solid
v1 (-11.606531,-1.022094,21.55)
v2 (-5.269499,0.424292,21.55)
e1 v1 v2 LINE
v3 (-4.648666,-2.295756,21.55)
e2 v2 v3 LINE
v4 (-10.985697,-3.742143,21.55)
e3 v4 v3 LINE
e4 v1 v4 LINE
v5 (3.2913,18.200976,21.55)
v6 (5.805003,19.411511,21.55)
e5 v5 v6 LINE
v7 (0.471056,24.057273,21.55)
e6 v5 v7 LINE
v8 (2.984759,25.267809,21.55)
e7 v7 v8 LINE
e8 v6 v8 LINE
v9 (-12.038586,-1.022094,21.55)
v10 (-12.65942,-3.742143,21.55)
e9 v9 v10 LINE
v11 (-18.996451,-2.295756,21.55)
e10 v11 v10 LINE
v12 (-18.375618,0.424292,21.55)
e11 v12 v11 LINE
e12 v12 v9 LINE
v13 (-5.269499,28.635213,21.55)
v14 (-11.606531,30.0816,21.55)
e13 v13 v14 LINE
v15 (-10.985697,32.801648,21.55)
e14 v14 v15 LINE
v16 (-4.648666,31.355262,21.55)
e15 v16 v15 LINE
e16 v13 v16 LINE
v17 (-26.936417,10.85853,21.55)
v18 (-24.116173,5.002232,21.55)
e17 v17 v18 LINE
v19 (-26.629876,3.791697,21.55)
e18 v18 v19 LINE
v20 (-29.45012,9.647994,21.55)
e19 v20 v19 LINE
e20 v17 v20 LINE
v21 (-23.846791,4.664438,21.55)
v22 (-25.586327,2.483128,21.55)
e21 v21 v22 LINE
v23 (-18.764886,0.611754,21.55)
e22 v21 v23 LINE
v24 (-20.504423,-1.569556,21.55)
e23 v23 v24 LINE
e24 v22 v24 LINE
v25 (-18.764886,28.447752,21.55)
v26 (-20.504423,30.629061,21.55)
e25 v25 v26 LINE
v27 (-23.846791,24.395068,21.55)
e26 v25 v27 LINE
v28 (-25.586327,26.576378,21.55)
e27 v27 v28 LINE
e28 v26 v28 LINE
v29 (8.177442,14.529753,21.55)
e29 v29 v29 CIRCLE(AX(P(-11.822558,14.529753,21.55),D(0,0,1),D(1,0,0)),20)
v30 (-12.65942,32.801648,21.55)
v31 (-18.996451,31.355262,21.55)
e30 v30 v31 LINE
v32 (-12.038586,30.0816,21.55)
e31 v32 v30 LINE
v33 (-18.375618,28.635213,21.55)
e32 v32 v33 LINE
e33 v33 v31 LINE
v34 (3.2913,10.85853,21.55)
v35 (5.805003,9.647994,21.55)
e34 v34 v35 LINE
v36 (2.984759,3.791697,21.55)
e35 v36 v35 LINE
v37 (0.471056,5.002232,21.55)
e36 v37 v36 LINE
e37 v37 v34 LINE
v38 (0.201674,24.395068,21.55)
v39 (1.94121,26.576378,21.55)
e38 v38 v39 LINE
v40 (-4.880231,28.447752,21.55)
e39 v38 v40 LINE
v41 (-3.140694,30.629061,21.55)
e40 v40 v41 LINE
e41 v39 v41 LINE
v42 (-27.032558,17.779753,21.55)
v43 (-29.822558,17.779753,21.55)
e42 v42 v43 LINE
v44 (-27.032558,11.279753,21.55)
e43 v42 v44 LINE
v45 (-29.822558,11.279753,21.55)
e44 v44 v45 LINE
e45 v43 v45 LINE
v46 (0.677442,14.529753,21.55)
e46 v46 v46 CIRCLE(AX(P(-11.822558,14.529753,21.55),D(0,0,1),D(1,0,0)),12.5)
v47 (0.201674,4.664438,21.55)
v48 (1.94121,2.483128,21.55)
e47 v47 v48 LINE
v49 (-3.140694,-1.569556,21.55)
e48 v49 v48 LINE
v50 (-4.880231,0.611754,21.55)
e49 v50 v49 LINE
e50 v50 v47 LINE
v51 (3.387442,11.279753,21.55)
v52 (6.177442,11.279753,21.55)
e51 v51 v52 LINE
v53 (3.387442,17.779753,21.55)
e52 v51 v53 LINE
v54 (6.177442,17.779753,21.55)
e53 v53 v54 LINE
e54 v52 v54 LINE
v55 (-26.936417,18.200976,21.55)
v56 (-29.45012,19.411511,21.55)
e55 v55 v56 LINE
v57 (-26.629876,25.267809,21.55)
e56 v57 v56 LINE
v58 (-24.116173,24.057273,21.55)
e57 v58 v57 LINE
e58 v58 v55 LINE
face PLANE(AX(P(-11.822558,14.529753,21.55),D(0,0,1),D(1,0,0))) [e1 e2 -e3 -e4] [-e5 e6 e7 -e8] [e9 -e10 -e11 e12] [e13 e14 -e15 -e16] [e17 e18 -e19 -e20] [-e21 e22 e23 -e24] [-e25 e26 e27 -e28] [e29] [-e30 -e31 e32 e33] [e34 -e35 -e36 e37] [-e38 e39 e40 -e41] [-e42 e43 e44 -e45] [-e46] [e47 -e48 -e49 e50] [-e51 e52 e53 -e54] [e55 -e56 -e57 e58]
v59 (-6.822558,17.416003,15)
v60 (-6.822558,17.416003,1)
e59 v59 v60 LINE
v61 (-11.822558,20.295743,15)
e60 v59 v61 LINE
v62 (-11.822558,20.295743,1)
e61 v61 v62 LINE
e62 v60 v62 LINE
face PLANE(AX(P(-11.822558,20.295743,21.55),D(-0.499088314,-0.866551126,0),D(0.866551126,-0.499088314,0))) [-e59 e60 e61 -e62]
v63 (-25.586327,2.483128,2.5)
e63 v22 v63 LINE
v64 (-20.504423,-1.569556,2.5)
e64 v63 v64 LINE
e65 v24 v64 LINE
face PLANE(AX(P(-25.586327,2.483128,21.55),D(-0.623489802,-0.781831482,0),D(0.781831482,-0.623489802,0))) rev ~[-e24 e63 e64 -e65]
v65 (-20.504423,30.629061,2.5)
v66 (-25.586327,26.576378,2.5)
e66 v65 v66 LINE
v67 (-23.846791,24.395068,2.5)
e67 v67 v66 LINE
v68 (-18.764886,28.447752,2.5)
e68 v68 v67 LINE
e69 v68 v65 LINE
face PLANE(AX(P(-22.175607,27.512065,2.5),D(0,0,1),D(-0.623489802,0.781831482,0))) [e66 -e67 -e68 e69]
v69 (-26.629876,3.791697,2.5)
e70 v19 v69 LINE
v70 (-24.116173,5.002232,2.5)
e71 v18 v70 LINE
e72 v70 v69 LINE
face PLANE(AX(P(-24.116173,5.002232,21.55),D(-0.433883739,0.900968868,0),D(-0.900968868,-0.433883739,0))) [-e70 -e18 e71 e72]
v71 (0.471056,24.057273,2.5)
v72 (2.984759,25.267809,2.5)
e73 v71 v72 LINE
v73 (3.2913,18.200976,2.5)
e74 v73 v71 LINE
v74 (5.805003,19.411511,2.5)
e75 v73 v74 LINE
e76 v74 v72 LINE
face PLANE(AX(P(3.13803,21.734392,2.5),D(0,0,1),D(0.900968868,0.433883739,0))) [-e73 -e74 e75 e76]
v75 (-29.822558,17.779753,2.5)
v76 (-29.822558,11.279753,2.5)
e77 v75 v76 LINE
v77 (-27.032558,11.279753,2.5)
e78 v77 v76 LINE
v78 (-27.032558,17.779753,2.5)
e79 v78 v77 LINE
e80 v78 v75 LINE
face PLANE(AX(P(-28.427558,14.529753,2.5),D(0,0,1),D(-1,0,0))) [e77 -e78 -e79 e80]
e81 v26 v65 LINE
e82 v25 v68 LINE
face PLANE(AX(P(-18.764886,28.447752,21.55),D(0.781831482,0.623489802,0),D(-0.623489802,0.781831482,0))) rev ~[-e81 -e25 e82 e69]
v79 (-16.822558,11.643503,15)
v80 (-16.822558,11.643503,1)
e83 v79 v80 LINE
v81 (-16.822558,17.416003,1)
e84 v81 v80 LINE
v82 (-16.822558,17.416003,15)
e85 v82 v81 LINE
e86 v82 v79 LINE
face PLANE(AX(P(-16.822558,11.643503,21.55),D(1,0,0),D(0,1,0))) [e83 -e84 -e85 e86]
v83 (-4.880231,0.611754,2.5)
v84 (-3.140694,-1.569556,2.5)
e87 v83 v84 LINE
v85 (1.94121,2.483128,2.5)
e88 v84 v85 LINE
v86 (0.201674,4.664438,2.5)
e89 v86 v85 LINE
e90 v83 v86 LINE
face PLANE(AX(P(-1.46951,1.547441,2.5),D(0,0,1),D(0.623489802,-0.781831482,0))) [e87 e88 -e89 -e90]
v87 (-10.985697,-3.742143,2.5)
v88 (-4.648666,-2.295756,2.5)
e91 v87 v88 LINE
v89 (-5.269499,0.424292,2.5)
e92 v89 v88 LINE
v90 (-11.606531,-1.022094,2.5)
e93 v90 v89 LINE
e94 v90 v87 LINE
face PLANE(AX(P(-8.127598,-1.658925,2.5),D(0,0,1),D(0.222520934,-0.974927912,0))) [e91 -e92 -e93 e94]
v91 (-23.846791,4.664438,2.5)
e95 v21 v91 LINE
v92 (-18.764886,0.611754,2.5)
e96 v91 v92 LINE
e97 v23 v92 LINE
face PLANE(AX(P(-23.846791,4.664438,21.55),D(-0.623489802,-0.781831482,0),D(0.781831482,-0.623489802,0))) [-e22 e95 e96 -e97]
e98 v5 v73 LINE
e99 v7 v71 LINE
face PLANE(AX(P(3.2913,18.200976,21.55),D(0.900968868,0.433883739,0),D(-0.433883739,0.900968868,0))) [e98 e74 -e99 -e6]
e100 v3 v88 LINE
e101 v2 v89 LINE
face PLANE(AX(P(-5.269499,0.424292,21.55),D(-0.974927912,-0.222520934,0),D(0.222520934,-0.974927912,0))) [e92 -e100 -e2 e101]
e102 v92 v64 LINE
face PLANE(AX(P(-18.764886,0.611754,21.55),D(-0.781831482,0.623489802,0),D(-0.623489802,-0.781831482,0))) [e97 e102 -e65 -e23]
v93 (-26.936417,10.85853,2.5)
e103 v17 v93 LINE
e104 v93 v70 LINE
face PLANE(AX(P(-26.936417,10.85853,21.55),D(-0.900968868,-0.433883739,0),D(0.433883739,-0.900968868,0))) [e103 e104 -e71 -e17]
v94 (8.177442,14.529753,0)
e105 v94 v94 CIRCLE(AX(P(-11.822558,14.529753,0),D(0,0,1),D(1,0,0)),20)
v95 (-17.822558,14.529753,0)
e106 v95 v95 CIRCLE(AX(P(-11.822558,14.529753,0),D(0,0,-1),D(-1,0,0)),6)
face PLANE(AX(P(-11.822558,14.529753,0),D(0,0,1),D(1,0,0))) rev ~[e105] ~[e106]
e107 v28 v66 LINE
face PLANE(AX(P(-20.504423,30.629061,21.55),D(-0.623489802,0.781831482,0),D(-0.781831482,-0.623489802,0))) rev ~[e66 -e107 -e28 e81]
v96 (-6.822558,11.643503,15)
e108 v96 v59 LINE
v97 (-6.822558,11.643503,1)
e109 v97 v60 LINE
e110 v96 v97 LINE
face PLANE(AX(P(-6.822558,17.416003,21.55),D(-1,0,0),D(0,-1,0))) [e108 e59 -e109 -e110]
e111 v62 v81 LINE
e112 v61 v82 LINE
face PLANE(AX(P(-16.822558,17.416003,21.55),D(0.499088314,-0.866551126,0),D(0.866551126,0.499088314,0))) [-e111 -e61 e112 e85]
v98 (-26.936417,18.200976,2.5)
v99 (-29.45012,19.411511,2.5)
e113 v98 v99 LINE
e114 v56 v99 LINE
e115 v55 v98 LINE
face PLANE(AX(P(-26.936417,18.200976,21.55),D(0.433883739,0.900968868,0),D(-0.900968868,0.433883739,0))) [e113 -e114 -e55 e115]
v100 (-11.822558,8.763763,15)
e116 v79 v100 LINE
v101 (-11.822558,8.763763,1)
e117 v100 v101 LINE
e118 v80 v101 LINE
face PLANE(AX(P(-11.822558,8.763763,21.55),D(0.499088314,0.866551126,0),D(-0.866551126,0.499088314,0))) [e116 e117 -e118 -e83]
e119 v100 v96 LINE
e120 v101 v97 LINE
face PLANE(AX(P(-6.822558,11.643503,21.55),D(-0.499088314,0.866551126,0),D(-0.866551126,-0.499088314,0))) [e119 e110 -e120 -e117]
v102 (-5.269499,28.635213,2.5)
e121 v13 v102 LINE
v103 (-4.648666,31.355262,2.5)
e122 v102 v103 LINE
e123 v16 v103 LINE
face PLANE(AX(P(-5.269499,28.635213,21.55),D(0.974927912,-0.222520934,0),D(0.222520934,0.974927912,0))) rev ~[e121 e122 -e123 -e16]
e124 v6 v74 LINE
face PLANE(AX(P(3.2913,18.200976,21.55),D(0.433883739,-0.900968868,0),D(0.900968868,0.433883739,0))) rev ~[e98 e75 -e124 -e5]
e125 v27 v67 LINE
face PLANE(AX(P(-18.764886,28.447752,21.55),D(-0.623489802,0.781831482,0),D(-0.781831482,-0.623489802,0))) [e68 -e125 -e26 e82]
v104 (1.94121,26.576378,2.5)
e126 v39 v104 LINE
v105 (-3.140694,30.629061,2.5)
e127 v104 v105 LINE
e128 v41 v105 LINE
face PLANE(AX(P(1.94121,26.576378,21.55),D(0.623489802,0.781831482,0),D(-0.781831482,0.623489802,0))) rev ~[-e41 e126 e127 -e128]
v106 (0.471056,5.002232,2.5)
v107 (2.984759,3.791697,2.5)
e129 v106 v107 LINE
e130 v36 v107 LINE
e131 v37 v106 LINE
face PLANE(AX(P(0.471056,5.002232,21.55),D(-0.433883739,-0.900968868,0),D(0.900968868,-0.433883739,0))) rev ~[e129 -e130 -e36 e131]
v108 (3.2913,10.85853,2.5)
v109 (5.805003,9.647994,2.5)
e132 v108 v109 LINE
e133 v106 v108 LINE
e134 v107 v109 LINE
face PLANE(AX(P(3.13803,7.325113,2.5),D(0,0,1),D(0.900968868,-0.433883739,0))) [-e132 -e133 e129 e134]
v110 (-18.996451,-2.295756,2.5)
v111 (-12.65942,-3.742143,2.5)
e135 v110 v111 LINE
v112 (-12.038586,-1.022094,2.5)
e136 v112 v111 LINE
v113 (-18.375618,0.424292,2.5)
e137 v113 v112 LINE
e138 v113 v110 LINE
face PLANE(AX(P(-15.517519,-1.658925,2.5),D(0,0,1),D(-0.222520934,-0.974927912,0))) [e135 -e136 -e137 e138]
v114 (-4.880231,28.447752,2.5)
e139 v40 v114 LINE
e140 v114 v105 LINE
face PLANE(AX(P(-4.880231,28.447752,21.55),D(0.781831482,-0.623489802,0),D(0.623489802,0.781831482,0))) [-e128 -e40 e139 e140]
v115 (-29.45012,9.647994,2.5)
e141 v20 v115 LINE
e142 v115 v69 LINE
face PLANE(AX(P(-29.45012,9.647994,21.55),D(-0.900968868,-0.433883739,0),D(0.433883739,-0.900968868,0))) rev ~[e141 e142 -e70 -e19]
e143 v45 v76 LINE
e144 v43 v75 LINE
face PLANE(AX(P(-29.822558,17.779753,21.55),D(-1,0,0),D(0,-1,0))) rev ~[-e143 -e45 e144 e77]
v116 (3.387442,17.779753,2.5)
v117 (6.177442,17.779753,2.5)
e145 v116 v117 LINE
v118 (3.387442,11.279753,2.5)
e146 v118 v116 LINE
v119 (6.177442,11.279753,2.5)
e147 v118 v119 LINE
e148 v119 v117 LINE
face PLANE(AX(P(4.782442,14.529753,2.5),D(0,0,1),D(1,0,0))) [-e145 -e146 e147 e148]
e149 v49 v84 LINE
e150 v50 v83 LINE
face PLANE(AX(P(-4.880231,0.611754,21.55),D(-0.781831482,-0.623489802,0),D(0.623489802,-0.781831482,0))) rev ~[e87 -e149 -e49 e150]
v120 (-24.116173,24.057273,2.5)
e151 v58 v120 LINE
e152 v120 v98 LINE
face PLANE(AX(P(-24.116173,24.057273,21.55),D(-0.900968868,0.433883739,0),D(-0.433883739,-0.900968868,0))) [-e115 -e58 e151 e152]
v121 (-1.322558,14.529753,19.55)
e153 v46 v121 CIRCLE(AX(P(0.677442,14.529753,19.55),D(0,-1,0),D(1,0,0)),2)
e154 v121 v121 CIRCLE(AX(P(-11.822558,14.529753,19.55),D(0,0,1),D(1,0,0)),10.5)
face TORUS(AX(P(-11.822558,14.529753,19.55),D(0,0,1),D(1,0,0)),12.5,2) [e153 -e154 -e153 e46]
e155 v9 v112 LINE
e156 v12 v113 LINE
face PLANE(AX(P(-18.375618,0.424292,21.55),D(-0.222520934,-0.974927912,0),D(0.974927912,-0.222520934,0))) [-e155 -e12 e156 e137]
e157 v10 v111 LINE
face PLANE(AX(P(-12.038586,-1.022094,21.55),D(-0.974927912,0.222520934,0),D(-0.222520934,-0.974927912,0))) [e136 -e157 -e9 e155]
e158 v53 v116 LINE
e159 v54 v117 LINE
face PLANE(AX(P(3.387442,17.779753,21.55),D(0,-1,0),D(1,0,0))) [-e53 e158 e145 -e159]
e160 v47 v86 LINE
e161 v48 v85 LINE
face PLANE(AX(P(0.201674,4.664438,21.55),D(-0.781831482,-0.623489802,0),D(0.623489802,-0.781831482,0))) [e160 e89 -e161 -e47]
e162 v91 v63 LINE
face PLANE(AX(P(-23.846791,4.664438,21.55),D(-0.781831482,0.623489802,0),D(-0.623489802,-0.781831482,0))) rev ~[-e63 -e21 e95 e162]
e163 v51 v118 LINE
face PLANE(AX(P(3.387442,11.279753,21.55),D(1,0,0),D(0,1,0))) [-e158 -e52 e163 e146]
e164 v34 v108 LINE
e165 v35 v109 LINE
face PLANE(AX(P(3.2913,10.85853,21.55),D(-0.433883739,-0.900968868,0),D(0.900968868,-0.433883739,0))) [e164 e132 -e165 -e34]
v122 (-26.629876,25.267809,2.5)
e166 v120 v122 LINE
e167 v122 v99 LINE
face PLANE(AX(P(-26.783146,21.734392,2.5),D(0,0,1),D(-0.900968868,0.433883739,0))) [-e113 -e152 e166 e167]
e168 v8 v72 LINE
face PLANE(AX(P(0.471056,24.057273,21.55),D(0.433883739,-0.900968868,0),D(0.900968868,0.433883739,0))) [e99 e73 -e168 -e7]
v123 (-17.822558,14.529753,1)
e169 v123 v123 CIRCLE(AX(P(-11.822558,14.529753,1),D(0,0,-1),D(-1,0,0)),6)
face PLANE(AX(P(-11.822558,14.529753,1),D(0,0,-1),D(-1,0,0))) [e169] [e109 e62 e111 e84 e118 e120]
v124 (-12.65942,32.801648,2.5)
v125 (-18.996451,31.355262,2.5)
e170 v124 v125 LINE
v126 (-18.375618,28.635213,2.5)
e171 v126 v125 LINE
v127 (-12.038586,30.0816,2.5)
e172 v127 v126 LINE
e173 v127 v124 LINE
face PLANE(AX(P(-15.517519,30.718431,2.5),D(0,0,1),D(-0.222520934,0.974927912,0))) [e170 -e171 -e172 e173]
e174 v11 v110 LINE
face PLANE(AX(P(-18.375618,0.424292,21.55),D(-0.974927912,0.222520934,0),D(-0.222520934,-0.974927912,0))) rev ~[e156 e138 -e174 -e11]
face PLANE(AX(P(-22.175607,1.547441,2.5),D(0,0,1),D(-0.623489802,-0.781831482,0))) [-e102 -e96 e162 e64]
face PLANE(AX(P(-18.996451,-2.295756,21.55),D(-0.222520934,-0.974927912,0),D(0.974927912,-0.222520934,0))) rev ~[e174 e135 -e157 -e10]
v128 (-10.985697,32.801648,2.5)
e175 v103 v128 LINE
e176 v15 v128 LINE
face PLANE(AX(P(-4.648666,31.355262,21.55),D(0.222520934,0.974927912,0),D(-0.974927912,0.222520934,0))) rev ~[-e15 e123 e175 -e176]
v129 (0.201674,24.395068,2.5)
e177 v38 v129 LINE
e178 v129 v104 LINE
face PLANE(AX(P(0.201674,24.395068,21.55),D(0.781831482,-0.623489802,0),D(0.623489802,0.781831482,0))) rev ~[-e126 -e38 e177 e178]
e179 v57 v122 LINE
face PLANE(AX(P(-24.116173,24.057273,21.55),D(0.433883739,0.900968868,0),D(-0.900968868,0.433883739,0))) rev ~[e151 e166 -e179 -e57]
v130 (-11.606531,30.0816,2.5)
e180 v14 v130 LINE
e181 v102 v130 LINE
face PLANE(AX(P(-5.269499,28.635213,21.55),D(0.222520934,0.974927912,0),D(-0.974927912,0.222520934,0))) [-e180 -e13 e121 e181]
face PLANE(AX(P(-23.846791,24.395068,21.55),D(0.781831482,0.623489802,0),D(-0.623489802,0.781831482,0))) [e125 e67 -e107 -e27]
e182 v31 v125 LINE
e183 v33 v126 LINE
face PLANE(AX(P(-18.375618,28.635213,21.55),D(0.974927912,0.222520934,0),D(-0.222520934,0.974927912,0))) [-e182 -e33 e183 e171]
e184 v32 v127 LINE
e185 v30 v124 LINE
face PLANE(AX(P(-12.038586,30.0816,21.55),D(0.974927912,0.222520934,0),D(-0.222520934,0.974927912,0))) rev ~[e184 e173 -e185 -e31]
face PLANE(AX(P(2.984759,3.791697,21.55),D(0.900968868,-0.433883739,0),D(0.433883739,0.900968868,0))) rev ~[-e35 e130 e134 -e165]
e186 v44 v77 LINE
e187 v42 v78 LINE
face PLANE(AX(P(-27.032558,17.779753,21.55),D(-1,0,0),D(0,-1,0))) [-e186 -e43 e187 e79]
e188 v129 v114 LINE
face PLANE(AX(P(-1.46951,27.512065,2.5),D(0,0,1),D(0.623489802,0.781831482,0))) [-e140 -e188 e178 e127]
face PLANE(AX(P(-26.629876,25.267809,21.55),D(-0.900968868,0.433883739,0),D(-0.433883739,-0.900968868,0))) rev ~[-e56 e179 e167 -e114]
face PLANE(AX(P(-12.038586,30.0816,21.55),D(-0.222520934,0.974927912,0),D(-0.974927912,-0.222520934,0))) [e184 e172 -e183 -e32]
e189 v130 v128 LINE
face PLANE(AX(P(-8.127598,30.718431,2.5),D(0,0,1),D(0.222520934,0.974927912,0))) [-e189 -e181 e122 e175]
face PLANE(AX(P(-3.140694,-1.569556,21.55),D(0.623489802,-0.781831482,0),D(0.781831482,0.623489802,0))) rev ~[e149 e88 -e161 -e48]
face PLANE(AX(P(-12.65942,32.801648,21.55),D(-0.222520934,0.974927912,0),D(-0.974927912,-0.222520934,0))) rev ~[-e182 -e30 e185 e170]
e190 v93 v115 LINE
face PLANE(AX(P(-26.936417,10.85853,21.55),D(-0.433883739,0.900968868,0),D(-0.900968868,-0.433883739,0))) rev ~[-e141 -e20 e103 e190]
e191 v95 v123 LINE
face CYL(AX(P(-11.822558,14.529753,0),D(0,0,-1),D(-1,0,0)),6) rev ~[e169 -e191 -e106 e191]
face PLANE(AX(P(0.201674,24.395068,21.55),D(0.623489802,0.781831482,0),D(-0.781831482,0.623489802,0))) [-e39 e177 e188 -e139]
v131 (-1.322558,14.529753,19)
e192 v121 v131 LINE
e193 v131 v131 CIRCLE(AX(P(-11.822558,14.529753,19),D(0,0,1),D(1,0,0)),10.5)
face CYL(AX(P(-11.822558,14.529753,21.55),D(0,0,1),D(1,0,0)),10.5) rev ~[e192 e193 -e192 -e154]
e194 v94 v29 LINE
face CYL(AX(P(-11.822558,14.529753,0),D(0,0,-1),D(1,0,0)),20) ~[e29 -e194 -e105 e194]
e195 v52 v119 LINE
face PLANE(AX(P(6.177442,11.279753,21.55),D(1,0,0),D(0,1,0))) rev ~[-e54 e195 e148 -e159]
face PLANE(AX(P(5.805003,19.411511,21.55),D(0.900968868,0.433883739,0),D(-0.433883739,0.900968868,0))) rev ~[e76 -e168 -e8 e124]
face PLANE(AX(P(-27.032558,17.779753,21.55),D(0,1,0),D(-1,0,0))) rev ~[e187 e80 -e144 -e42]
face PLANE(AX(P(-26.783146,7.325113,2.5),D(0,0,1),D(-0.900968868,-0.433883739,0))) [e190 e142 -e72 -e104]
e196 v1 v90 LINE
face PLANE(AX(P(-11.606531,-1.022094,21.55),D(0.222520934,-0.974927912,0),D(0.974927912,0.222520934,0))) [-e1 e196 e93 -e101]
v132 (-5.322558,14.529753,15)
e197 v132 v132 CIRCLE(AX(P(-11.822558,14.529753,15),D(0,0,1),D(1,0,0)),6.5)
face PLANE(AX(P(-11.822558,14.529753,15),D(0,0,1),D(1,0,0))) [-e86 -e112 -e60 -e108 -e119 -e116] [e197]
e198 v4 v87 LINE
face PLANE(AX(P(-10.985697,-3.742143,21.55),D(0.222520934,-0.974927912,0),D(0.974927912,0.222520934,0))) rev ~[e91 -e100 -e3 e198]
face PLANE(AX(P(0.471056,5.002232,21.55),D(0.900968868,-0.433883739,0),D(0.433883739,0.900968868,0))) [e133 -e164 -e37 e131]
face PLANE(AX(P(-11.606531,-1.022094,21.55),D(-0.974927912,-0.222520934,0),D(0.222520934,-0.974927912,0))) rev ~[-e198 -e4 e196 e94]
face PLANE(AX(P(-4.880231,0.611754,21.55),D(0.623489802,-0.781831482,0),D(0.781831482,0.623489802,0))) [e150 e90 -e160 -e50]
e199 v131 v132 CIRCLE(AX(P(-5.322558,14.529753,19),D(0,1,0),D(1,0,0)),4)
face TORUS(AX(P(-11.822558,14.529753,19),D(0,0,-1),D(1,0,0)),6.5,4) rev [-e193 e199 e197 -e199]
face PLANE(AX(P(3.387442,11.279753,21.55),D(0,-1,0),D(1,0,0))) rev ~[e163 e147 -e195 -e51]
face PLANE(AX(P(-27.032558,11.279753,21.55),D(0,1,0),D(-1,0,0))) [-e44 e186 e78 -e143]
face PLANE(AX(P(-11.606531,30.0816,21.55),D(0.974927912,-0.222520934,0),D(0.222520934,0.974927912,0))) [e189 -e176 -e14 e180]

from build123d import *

# Parameters (mm, degrees)
SKETCH1_R                       = 20
SKETCH1_R_2                     = 1
BOSS_EXTRUDE1_DEPTH             = 21.55
TAP_DRILL_FOR_M5X0_8_TAP1_D     = 4.2
TAP_DRILL_FOR_M5X0_8_TAP1_DEPTH = 5
TAP_DRILL_FOR_M5X0_8_TAP1_TIP   = 1.2618073
SKETCH4_W                       = 2.79
SKETCH4_H                       = 6.5
CUT_EXTRUDE1_DEPTH              = 19.05
CIRPATTERN1_COUNT               = 14
SKETCH5_R                       = 6
SKETCH5_R_2                     = 5
SKETCH5_R_3                     = 1
CUT_EXTRUDE2_DEPTH              = 1
CUT_EXTRUDE3_DEPTH              = 21.55
SKETCH7_R                       = 10.5
CUT_EXTRUDE4_DEPTH              = 6.55
FILLET4_R                       = 2
FILLET5_R                       = 4


with BuildPart() as part:
    # Sketch1 → Boss-Extrude1 (new body)
    with BuildSketch(Plane.XY):
        with Locations((-11.822558412, 14.529752947)):
            Circle(SKETCH1_R)
        with Locations((-11.822558412, 14.529752947)):
            Circle(SKETCH1_R_2, mode=Mode.SUBTRACT)
    extrude(amount=BOSS_EXTRUDE1_DEPTH)

    # Tap Drill for M5x0.8 Tap1
    with Locations(Plane.XY.offset(21.55)):
        with Locations((-11.822558412, 14.529752947)):
            Hole(TAP_DRILL_FOR_M5X0_8_TAP1_D / 2, depth=TAP_DRILL_FOR_M5X0_8_TAP1_DEPTH)
            with Locations((0, 0, -(TAP_DRILL_FOR_M5X0_8_TAP1_DEPTH + TAP_DRILL_FOR_M5X0_8_TAP1_TIP / 2))):  # 118° drill point
                Cone(0, TAP_DRILL_FOR_M5X0_8_TAP1_D / 2, TAP_DRILL_FOR_M5X0_8_TAP1_TIP, mode=Mode.SUBTRACT)

    # Sketch4 → Cut-Extrude1 (cut)
    with BuildSketch(Plane.XY.offset(21.55)):
        with Locations((4.782441588, 14.529752947)):
            Rectangle(SKETCH4_W, SKETCH4_H)
    cut_extrude1 = extrude(amount=-CUT_EXTRUDE1_DEPTH, mode=Mode.SUBTRACT)

    # CirPattern1: Cut-Extrude1 ×14 about axis
    cirpattern1_axis = Axis((-11.822558412, 14.529752947, 0), (0, 0, 1))
    for i in range(1, CIRPATTERN1_COUNT):
        add(cut_extrude1.rotate(cirpattern1_axis, i * 360 / CIRPATTERN1_COUNT), mode=Mode.SUBTRACT)

    # Sketch5 → Cut-Extrude2 (cut)
    # profile 1 of 2: a face of its own
    with BuildSketch(Plane(origin=(0, 0, 0), x_dir=(-1, 0, 0), z_dir=(0, 0, -1))):
        with Locations((11.822558412, 14.529752947)):
            Circle(SKETCH5_R)
        with Locations((11.822558412, 14.529752947)):
            Circle(SKETCH5_R_2, mode=Mode.SUBTRACT)
    # profile 2 of 2: a face of its own
    with BuildSketch(Plane(origin=(0, 0, 0), x_dir=(-1, 0, 0), z_dir=(0, 0, -1))):
        with Locations((11.822558412, 14.529752947)):
            Circle(SKETCH5_R_2)
        with Locations((11.822558412, 14.529752947)):
            Circle(SKETCH5_R_3, mode=Mode.SUBTRACT)
    extrude(amount=-CUT_EXTRUDE2_DEPTH, mode=Mode.SUBTRACT)

    # Sketch6 → Cut-Extrude3 (cut)
    with BuildSketch(Plane.XY.offset(21.55)):
        Polygon((-16.822558412, 17.416002947), (-11.822558412, 20.295742519), (-6.822558412, 17.416002947), (-6.822558412, 11.643502947), (-11.822558412, 8.763763375), (-16.822558412, 11.643502947), align=None)
    extrude(amount=-CUT_EXTRUDE3_DEPTH, mode=Mode.SUBTRACT)

    # Sketch7 → Cut-Extrude4 (cut)
    with BuildSketch(Plane.XY.offset(21.55)):
        with Locations((-11.822558412, 14.529752947)):
            Circle(SKETCH7_R)
    extrude(amount=-CUT_EXTRUDE4_DEPTH, mode=Mode.SUBTRACT)

    # Fillet4
    fillet4_edges = [part.edges().sort_by_distance(p)[0] for p in [
        (-22.322558412, 14.529752947, 21.55),
    ]]
    fillet(fillet4_edges, radius=FILLET4_R)

    # Fillet5
    fillet5_edges = [part.edges().sort_by_distance(p)[0] for p in [
        (-22.322558412, 14.529752947, 15),
    ]]
    fillet(fillet5_edges, radius=FILLET5_R)


solid = part.part
